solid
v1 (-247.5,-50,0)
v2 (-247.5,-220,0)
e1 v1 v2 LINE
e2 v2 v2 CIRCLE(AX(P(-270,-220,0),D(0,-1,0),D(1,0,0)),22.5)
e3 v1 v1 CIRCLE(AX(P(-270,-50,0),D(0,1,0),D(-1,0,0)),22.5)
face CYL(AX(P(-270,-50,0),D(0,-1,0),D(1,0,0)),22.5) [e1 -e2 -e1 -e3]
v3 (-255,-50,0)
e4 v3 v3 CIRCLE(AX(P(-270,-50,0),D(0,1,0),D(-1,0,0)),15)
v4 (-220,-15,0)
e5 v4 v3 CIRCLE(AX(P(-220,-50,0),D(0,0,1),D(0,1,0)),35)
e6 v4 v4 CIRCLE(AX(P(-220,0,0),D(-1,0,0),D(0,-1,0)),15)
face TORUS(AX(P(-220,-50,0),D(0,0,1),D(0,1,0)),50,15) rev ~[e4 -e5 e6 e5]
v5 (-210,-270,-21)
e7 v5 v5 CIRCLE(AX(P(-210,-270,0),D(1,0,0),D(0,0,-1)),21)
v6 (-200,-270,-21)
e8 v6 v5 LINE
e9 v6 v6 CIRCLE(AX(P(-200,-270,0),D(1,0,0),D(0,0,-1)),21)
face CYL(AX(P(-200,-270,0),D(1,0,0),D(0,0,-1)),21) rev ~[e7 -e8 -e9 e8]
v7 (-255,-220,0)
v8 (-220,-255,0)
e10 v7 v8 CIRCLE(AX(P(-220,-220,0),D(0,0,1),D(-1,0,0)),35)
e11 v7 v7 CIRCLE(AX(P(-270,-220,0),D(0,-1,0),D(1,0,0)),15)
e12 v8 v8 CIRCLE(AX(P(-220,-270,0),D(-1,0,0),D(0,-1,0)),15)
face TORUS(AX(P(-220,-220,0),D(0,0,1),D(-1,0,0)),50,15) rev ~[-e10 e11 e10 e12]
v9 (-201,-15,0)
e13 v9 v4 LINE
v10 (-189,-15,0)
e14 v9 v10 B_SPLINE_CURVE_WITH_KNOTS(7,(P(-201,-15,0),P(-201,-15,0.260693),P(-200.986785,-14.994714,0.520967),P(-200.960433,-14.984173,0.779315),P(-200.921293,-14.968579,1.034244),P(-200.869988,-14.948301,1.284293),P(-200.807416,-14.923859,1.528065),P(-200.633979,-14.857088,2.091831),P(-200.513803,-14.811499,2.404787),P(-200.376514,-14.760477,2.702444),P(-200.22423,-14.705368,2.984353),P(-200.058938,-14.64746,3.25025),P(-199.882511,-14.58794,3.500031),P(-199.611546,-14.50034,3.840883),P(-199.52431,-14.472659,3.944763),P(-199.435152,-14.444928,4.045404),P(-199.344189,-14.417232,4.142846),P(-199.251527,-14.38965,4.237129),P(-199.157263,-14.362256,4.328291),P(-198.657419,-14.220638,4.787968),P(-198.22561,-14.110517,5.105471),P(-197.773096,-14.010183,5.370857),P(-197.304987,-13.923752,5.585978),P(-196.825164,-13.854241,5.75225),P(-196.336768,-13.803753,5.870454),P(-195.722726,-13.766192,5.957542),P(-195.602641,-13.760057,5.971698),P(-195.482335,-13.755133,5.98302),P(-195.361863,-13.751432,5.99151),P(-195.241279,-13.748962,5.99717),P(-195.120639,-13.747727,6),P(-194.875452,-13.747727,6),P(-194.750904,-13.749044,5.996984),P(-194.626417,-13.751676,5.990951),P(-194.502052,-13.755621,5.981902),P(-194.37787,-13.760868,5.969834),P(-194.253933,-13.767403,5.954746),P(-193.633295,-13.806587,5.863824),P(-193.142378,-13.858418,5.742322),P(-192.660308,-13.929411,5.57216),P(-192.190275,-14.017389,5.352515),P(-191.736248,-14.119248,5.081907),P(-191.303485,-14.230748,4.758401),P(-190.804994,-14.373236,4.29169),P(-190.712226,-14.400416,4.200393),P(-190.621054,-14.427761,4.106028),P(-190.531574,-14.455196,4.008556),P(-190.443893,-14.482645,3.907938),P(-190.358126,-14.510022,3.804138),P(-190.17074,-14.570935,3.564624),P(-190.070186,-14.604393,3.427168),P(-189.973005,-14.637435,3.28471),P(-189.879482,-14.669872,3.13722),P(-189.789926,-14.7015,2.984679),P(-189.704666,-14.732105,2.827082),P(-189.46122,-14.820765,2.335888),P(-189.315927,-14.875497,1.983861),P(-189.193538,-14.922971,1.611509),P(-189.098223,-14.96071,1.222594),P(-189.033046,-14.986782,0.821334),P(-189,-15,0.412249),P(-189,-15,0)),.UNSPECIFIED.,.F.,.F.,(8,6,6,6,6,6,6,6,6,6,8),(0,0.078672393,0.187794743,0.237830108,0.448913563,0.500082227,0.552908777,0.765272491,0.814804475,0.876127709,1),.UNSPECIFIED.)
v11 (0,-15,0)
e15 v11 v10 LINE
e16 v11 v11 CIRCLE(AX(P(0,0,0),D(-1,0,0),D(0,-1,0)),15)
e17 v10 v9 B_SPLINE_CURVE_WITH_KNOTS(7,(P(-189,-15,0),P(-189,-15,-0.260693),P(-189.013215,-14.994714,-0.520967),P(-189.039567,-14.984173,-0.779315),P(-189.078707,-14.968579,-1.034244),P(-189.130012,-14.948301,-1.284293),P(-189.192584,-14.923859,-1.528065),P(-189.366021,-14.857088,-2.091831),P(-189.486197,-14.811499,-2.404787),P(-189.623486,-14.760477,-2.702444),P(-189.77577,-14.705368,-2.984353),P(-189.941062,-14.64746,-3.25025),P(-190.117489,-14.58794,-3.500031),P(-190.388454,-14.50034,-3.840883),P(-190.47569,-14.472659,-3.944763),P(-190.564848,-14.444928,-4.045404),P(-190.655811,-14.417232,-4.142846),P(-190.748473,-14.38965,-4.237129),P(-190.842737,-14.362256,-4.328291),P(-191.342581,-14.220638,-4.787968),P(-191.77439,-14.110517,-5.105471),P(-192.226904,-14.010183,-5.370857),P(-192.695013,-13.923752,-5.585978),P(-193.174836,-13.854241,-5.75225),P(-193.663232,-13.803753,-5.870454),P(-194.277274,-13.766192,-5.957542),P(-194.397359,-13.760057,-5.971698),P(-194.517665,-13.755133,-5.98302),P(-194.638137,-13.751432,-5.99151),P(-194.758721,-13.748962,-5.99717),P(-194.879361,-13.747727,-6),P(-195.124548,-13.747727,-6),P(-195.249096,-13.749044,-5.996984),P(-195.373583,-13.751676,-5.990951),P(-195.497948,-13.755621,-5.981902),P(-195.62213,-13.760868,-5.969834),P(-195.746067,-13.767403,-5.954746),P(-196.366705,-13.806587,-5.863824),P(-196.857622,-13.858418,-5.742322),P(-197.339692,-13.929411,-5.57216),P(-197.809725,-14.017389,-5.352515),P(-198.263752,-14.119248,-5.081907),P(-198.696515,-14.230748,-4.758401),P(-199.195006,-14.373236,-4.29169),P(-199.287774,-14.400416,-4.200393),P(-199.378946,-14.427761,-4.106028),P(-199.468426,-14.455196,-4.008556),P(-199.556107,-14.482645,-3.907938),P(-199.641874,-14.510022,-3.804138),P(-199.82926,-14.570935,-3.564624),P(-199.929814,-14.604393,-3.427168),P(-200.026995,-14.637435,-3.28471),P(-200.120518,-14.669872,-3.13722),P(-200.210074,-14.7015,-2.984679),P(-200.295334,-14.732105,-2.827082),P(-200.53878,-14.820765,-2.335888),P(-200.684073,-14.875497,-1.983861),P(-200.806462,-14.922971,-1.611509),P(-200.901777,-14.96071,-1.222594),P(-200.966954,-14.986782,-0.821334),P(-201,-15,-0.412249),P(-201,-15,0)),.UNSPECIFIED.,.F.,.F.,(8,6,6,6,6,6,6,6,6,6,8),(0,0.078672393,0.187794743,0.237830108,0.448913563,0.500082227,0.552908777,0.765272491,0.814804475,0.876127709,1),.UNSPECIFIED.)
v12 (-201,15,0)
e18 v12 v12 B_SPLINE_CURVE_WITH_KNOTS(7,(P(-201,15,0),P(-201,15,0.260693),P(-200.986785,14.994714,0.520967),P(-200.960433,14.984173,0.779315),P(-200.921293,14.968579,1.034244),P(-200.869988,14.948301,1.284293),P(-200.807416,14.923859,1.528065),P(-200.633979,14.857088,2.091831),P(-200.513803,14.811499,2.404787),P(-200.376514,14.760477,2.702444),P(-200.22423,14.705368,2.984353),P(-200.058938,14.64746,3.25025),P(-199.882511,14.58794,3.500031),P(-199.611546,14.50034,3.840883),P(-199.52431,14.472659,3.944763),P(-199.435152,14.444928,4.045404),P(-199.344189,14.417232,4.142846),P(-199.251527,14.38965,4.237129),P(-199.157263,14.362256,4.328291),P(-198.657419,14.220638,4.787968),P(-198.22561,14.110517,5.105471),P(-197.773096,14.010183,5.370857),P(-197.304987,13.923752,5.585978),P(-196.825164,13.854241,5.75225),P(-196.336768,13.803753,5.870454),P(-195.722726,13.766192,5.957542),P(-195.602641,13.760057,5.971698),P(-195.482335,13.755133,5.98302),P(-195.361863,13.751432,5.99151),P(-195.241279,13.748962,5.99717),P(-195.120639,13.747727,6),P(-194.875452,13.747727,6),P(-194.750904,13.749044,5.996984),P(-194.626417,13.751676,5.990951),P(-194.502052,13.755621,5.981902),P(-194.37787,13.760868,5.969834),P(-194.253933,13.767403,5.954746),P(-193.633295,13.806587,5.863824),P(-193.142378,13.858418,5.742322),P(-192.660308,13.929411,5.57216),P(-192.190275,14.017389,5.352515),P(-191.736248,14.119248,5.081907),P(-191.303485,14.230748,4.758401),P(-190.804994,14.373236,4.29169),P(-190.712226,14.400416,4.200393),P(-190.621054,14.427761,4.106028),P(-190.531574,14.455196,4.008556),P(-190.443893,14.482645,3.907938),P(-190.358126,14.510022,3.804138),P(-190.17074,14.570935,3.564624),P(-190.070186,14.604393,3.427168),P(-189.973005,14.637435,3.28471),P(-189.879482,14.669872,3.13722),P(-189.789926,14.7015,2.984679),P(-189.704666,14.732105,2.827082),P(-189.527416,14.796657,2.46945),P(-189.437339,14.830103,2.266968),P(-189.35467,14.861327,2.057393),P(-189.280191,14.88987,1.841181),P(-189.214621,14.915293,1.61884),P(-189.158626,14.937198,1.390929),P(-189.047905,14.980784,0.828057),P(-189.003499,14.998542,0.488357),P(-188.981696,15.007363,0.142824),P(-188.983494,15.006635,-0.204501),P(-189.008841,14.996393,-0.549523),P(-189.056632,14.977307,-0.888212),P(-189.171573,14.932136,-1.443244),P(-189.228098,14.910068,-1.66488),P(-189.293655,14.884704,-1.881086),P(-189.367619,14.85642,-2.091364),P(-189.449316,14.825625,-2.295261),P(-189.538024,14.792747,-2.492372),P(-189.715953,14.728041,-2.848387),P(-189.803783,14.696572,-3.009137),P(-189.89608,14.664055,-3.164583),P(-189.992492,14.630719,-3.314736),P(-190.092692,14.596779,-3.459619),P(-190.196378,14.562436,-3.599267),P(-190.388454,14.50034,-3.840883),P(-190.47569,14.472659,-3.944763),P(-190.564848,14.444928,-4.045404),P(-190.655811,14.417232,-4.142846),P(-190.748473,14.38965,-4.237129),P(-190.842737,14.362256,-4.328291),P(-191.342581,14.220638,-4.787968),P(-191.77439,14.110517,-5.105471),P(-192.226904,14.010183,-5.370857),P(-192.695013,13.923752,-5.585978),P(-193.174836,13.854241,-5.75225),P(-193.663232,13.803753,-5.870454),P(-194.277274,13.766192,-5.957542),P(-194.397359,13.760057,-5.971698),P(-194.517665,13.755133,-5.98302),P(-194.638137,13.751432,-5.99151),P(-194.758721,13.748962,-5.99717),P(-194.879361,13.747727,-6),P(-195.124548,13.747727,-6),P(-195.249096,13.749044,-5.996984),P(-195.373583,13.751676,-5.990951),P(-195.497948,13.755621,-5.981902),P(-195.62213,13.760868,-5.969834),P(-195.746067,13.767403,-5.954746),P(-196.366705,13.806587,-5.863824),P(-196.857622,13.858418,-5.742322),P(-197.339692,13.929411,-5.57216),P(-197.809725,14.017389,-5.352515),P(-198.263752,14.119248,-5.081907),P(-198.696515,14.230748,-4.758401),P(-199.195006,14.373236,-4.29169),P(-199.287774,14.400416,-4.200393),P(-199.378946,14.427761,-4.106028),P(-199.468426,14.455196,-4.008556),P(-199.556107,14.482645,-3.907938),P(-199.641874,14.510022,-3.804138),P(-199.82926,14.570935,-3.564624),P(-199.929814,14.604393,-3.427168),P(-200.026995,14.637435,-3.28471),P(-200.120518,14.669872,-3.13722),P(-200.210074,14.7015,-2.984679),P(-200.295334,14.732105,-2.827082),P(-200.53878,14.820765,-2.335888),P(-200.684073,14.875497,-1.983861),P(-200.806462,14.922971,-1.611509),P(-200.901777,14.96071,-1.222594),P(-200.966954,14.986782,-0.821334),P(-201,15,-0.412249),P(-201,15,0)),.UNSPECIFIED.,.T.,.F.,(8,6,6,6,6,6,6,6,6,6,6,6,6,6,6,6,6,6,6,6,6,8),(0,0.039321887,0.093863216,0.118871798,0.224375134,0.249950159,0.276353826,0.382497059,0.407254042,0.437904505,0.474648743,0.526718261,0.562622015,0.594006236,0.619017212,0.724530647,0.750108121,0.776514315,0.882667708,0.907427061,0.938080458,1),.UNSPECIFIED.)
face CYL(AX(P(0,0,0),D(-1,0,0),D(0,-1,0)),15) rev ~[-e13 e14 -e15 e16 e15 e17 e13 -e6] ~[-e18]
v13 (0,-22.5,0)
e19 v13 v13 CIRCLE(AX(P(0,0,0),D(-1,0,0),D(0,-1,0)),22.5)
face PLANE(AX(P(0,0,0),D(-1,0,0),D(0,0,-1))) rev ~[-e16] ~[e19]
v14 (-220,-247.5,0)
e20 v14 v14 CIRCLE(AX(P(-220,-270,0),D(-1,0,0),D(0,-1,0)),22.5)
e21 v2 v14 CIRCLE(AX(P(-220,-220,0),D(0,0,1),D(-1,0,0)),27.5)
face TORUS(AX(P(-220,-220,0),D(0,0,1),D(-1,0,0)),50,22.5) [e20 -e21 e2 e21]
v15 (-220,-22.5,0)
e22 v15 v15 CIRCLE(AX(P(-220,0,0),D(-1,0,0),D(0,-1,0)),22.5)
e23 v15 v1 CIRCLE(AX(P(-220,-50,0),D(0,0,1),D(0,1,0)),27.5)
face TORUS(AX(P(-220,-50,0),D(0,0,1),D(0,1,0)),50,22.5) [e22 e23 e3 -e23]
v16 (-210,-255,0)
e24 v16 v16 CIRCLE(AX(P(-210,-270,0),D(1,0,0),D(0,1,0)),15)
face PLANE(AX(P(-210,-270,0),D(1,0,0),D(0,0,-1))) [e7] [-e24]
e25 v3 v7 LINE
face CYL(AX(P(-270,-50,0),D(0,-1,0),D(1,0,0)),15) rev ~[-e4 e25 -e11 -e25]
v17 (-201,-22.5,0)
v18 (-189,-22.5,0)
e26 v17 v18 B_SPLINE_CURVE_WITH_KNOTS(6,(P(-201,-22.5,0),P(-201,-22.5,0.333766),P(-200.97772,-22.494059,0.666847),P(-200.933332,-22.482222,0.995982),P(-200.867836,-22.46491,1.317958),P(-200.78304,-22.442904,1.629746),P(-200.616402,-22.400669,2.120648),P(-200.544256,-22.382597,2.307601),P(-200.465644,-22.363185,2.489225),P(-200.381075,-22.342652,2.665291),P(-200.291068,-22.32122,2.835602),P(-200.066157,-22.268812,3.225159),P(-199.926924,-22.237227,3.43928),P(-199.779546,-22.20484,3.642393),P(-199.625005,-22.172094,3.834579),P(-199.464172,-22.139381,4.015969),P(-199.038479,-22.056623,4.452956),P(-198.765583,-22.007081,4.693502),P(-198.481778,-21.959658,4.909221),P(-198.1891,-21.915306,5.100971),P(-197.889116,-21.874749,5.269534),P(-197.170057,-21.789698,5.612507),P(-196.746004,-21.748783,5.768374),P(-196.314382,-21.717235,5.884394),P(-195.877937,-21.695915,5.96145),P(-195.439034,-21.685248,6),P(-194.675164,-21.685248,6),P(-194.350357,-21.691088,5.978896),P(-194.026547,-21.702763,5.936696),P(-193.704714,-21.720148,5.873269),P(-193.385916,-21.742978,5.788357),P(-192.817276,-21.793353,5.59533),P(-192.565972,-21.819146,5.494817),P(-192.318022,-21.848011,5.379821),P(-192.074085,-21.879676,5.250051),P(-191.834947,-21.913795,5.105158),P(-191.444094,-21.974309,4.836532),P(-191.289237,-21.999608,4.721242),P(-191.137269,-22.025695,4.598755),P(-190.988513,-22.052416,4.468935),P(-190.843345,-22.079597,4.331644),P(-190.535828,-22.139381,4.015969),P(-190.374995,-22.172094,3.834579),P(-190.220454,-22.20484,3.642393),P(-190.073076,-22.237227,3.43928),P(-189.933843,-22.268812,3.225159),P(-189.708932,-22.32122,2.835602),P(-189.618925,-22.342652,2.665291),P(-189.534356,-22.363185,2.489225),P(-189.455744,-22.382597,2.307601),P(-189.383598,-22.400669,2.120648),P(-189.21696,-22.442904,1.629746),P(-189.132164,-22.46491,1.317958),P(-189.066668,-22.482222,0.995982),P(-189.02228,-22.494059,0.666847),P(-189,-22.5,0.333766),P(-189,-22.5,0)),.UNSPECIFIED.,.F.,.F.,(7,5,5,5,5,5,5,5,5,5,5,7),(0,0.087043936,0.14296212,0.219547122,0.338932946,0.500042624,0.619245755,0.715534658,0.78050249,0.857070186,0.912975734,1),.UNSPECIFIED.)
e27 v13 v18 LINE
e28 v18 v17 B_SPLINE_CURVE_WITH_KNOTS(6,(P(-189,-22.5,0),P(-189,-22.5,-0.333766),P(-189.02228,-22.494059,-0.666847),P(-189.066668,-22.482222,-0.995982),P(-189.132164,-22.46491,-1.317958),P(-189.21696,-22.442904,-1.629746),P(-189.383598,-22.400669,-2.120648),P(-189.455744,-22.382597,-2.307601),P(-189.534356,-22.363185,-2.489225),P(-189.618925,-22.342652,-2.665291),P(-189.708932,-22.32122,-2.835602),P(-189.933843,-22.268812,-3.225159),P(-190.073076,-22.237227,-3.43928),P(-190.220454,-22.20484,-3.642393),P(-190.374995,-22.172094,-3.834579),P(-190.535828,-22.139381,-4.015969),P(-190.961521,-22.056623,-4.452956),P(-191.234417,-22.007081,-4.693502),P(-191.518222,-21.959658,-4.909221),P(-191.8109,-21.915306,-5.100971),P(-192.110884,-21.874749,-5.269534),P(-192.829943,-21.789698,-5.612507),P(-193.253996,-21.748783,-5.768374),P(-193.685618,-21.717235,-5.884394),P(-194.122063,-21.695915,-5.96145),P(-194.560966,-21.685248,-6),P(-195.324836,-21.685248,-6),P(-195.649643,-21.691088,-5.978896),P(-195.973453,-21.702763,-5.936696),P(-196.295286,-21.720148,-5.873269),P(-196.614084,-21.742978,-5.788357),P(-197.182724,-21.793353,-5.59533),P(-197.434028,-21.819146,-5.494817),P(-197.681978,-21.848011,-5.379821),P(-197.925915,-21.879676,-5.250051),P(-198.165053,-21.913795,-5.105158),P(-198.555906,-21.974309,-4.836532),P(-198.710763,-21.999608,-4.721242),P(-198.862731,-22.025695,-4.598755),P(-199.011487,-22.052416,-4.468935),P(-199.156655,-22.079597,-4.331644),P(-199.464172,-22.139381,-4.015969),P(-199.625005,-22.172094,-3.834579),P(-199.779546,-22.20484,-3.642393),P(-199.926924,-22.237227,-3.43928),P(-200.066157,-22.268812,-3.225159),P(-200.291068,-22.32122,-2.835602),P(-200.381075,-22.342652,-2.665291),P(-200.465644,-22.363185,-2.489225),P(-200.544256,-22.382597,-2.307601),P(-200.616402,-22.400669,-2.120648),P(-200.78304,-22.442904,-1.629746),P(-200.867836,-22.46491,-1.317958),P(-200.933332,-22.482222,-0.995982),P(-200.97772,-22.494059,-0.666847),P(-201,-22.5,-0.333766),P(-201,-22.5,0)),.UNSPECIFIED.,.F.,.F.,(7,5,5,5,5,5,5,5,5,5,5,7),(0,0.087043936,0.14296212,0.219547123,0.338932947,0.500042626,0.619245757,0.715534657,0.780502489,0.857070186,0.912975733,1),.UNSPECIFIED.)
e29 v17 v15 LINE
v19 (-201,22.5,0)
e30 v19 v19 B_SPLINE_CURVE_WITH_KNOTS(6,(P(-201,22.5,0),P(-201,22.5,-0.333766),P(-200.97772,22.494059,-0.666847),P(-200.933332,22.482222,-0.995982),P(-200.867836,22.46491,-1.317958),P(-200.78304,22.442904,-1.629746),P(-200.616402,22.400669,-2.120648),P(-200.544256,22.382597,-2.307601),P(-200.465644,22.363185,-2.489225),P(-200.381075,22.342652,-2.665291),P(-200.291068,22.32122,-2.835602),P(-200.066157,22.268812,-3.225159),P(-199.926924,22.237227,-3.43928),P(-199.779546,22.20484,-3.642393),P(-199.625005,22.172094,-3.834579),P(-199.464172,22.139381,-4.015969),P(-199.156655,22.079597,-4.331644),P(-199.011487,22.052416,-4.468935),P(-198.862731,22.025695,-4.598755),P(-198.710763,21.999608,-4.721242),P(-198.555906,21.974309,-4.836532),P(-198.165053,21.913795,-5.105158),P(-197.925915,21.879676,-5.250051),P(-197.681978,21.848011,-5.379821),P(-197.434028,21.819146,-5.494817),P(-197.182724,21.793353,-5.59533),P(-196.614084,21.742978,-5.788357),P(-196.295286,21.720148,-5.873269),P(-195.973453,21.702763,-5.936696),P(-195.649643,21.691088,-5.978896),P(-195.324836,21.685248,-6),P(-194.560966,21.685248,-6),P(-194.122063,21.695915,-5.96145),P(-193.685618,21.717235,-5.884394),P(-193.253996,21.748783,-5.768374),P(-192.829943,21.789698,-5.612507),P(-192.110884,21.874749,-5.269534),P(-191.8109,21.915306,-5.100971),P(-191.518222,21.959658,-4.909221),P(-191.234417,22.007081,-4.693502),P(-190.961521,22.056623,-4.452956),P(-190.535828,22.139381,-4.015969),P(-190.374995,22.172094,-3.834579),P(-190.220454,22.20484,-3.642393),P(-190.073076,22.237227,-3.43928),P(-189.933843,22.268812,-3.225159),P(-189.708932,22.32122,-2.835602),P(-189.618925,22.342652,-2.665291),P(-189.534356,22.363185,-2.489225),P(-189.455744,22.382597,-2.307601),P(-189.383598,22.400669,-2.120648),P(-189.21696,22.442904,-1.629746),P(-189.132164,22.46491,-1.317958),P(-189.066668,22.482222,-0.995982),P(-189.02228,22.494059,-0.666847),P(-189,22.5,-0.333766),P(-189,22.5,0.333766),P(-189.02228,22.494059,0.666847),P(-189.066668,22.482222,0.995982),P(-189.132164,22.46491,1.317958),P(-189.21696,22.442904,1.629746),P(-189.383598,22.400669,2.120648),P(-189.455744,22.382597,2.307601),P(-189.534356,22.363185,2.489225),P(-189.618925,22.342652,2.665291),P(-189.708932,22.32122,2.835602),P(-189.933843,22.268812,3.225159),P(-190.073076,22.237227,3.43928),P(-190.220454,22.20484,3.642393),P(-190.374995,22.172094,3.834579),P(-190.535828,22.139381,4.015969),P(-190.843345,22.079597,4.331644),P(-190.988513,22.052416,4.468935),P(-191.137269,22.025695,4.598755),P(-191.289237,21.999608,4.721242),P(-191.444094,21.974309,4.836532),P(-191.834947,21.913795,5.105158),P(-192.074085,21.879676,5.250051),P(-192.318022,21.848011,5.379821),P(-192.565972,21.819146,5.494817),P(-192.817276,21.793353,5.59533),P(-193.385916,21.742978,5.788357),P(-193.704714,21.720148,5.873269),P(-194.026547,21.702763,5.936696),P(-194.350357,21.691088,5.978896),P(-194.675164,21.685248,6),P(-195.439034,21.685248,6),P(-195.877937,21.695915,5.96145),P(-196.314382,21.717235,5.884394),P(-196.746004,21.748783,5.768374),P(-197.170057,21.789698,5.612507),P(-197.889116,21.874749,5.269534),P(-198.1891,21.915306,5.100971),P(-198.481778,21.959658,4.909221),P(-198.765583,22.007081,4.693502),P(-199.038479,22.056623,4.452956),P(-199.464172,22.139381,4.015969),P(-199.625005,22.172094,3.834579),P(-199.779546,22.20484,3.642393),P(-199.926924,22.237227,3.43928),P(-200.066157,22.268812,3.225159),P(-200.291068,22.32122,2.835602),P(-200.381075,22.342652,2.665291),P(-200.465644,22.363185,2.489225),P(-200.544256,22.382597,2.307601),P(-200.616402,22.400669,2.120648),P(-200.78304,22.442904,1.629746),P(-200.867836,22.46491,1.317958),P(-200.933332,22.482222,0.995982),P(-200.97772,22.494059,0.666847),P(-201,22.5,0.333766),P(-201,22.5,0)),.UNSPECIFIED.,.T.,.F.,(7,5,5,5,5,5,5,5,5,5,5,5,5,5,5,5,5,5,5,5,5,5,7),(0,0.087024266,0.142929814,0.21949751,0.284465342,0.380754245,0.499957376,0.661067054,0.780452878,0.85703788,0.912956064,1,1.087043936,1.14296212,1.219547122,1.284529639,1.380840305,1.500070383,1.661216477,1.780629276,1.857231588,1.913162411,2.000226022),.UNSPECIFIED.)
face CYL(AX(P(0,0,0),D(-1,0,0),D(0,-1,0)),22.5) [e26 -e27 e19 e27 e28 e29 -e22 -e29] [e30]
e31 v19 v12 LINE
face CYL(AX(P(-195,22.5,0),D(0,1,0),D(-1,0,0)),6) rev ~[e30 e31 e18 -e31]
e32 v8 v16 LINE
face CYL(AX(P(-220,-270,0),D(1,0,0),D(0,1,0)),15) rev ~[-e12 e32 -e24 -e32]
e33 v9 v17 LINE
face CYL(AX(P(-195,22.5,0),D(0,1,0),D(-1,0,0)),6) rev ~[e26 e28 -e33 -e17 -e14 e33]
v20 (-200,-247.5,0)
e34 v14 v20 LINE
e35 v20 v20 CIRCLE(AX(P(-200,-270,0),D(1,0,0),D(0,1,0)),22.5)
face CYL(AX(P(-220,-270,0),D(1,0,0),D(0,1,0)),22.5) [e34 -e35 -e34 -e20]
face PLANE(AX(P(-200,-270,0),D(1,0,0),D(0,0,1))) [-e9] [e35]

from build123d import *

# Parameters (mm, degrees)
SWEEP_THIN1_PROFILE_R   = 22.5
SWEEP_THIN1_PROFILE_R_2 = 15
SKETCH30_R              = 21
CUT_EXTRUDE1_DEPTH      = 10
SKETCH41_R              = 6
CUT_EXTRUDE3_DEPTH      = 90


with BuildPart() as part:
    # Sweep-Thin1: sweep along a path in Sketch1
    with BuildLine(Plane.XY) as sweep_thin1_path:
        Line((0, 0), (-220, 0))
        ThreePointArc((-220, 0), (-255.355339059, -14.644660941), (-270, -50))
        Line((-270, -50), (-270, -220))
        ThreePointArc((-270, -220), (-255.355339059, -255.355339059), (-220, -270))
        Line((-220, -270), (-200, -270))
    # Sweep-Thin1 profile (on start of the path) → Sweep-Thin1 (sweep)
    with BuildSketch(Plane(origin=(0, 0, 0), x_dir=(0, -1, 0), z_dir=(-1, 0, 0))):
        Circle(SWEEP_THIN1_PROFILE_R)
        Circle(SWEEP_THIN1_PROFILE_R_2, mode=Mode.SUBTRACT)
    sweep(path=sweep_thin1_path.line)

    # Sketch30 → Cut-Extrude1 (cut)
    with BuildSketch(Plane(origin=(-200, 0, 0), x_dir=(0, 0, -1), z_dir=(1, 0, 0))):
        with Locations((0, -270)):
            Circle(SKETCH30_R)
    extrude(amount=-CUT_EXTRUDE1_DEPTH, mode=Mode.SUBTRACT)

    # Sketch41 → Cut-Extrude3 (cut)
    with BuildSketch(Plane(origin=(0, 22.5, 0), x_dir=(1, 0, 0), z_dir=(0, 1, 0))):
        with Locations(Location((-195, 0, 0), (0, 0, 180))):
            Circle(SKETCH41_R)
    extrude(amount=-CUT_EXTRUDE3_DEPTH, mode=Mode.SUBTRACT)


solid = part.part
